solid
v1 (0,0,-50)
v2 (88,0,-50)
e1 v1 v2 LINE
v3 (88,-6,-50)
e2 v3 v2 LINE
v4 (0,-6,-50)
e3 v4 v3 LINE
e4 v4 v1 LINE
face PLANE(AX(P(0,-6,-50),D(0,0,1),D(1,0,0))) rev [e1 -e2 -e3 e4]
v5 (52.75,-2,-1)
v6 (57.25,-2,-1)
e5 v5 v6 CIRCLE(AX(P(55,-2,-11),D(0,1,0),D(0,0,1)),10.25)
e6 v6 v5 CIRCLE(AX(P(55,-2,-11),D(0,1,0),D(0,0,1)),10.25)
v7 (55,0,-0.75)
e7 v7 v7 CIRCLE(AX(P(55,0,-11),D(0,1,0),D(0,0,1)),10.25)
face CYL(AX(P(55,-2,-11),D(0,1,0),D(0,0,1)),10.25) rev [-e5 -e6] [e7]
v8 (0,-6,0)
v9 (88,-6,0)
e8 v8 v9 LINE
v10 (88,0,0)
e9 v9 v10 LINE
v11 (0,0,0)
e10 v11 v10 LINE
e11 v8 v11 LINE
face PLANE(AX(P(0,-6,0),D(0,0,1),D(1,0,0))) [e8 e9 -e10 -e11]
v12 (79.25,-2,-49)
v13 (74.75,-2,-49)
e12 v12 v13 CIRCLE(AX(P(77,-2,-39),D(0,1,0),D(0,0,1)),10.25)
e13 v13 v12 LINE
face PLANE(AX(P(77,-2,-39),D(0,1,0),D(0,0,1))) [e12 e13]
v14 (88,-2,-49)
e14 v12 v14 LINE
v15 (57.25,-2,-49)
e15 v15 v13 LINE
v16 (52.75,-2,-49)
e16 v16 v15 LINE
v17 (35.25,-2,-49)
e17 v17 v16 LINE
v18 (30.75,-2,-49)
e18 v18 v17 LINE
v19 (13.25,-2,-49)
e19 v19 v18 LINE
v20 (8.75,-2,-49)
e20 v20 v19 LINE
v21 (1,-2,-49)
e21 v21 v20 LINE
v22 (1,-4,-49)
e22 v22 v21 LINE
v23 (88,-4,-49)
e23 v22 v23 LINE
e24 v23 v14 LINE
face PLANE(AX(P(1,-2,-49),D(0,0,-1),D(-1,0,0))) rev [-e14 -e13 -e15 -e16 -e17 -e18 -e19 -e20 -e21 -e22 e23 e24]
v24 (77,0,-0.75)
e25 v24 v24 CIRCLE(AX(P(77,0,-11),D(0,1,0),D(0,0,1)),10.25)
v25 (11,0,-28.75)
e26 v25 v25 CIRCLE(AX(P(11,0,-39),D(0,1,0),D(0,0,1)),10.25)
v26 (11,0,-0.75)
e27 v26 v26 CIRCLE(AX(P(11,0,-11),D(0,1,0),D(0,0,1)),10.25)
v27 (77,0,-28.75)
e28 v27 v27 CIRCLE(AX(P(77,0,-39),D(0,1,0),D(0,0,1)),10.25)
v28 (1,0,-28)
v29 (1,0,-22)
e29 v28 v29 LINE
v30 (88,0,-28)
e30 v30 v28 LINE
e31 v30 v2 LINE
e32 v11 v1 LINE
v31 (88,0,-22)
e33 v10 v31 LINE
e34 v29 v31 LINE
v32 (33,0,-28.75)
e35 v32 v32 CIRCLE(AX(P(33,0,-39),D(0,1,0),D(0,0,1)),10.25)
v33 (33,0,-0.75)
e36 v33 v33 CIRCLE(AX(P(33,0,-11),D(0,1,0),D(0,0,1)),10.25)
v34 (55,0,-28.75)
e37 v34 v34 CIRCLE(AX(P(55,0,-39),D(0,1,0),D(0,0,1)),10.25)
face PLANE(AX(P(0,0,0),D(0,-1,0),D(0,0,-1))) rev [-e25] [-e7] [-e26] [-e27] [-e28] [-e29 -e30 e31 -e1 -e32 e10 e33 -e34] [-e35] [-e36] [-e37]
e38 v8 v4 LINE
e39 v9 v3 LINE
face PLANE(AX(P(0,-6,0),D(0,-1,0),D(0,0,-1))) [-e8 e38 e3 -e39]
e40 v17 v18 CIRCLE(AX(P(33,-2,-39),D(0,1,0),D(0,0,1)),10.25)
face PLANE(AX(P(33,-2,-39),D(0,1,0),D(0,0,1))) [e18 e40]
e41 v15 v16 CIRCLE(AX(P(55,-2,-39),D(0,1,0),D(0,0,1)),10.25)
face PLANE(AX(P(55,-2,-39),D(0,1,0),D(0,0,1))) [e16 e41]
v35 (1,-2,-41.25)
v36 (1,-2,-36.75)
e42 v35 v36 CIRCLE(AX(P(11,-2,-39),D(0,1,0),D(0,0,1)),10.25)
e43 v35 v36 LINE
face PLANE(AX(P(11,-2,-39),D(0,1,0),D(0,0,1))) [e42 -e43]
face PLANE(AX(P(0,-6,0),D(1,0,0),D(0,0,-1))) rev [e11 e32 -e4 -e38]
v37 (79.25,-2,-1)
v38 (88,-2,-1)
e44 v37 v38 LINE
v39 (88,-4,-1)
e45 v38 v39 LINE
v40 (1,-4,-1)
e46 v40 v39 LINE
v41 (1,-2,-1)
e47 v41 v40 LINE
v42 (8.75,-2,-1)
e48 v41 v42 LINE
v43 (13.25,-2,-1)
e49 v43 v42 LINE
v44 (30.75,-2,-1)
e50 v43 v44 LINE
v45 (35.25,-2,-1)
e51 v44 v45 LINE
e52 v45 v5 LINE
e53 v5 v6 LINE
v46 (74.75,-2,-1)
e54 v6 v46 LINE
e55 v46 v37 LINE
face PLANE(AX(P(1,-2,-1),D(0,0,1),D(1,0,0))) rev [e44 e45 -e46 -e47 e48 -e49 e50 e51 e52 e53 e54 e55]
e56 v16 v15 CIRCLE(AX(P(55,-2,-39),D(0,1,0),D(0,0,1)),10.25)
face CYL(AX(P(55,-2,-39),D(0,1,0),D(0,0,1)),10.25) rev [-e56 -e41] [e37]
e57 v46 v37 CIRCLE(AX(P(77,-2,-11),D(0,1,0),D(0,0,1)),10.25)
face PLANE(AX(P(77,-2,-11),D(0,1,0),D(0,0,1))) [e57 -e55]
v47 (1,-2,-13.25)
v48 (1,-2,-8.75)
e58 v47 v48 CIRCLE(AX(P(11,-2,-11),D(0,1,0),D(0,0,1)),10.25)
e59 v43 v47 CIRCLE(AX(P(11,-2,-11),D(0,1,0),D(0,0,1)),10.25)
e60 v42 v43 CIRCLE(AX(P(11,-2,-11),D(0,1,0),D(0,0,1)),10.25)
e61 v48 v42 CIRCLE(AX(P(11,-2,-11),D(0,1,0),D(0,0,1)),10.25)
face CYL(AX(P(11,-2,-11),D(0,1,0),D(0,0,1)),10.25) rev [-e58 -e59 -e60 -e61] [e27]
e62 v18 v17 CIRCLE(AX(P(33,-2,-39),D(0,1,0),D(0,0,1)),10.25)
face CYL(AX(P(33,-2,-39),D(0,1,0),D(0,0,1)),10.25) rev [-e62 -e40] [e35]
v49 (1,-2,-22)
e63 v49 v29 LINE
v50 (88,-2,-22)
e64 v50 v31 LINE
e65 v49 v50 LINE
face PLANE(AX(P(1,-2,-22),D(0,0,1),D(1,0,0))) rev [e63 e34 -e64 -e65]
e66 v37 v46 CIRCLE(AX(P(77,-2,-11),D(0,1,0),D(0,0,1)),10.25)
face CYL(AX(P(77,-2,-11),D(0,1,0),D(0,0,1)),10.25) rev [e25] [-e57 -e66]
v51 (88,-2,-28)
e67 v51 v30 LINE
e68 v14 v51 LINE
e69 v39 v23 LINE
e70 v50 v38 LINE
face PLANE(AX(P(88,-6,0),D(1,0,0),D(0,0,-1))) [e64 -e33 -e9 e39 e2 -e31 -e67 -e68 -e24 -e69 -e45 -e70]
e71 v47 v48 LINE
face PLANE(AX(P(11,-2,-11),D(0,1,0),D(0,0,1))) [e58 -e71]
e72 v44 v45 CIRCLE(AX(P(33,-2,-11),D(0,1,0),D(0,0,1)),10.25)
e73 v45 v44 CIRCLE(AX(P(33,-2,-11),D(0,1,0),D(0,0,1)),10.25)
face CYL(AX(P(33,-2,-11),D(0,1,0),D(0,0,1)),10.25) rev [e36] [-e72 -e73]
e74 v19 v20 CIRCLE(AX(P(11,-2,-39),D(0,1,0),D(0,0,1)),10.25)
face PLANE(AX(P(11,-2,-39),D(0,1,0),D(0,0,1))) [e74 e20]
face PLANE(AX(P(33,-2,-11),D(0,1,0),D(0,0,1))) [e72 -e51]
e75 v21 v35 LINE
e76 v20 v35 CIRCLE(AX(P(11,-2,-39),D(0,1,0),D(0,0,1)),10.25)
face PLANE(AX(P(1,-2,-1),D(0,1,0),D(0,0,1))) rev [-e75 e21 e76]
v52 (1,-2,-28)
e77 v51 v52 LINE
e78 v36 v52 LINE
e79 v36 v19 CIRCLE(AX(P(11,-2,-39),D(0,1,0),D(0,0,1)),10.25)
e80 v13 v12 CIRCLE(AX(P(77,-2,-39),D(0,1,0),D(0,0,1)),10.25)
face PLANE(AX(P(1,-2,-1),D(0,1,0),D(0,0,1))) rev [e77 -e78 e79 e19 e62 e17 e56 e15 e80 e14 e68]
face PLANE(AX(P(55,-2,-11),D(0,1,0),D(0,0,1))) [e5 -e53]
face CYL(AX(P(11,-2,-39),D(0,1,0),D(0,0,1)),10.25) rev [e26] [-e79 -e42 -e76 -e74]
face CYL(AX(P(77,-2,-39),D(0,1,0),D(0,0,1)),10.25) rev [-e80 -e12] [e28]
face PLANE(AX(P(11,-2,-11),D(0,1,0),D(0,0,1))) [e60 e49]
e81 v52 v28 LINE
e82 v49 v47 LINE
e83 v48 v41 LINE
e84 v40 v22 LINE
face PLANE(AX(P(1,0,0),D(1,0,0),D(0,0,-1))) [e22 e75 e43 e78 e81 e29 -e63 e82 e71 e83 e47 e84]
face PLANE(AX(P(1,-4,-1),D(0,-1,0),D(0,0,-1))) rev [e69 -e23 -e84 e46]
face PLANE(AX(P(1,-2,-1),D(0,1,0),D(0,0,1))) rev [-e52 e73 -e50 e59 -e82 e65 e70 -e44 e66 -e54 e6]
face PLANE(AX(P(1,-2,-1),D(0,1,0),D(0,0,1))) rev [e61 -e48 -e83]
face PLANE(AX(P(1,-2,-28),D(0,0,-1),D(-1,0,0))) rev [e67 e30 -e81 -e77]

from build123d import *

# Parameters (mm, degrees)
SKETCH1_W           = 88
SKETCH1_H           = 50
BOSS_EXTRUDE1_DEPTH = 6
SKETCH2_W           = 48
SKETCH2_H           = 2
CUT_EXTRUDE1_DEPTH  = 87
SKETCH3_R           = 10.25
CUT_EXTRUDE2_DEPTH  = 2
LPATTERN1_COUNT     = 4
LPATTERN1_PITCH     = 22
SKETCH4_R           = 10.25
CUT_EXTRUDE3_DEPTH  = 2
LPATTERN2_COUNT     = 4
LPATTERN2_PITCH     = 22
SKETCH5_W           = 87
SKETCH5_H           = 6
CUT_EXTRUDE4_DEPTH  = 2


with BuildPart() as part:
    # Sketch1 → Boss-Extrude1 (new body)
    with BuildSketch(Plane(origin=(0, 0, 0), x_dir=(1, 0, 0), z_dir=(0, 1, 0))):
        with Locations((44, 25)):
            Rectangle(SKETCH1_W, SKETCH1_H)
    extrude(amount=-BOSS_EXTRUDE1_DEPTH)

    # Sketch2 → Cut-Extrude1 (cut)
    with BuildSketch(Plane(origin=(88, 0, 0), x_dir=(0, 0, -1), z_dir=(1, 0, 0))):
        with Locations((25, -3)):
            Rectangle(SKETCH2_W, SKETCH2_H)
    extrude(amount=-CUT_EXTRUDE1_DEPTH, mode=Mode.SUBTRACT)

    # Sketch3 → Cut-Extrude2 (cut)
    with BuildSketch(Plane(origin=(0, 0, 0), x_dir=(1, 0, 0), z_dir=(0, 1, 0))):
        with Locations((77, 11)):
            Circle(SKETCH3_R)
    cut_extrude2 = extrude(amount=-CUT_EXTRUDE2_DEPTH, mode=Mode.SUBTRACT)

    # LPattern1: Cut-Extrude2 ×4
    with Locations(*[(-i * LPATTERN1_PITCH, 0, 0) for i in range(1, LPATTERN1_COUNT)]):
        add(cut_extrude2, mode=Mode.SUBTRACT)

    # Sketch4 → Cut-Extrude3 (cut)
    with BuildSketch(Plane(origin=(0, 0, 0), x_dir=(1, 0, 0), z_dir=(0, 1, 0))):
        with Locations((77, 39)):
            Circle(SKETCH4_R)
    cut_extrude3 = extrude(amount=-CUT_EXTRUDE3_DEPTH, mode=Mode.SUBTRACT)

    # LPattern2: Cut-Extrude3 ×4
    with Locations(*[(-i * LPATTERN2_PITCH, 0, 0) for i in range(1, LPATTERN2_COUNT)]):
        add(cut_extrude3, mode=Mode.SUBTRACT)

    # Sketch5 → Cut-Extrude4 (cut)
    with BuildSketch(Plane(origin=(0, 0, 0), x_dir=(1, 0, 0), z_dir=(0, 1, 0))):
        with Locations((44.5, 25)):
            Rectangle(SKETCH5_W, SKETCH5_H)
    extrude(amount=-CUT_EXTRUDE4_DEPTH, mode=Mode.SUBTRACT)


solid = part.part
